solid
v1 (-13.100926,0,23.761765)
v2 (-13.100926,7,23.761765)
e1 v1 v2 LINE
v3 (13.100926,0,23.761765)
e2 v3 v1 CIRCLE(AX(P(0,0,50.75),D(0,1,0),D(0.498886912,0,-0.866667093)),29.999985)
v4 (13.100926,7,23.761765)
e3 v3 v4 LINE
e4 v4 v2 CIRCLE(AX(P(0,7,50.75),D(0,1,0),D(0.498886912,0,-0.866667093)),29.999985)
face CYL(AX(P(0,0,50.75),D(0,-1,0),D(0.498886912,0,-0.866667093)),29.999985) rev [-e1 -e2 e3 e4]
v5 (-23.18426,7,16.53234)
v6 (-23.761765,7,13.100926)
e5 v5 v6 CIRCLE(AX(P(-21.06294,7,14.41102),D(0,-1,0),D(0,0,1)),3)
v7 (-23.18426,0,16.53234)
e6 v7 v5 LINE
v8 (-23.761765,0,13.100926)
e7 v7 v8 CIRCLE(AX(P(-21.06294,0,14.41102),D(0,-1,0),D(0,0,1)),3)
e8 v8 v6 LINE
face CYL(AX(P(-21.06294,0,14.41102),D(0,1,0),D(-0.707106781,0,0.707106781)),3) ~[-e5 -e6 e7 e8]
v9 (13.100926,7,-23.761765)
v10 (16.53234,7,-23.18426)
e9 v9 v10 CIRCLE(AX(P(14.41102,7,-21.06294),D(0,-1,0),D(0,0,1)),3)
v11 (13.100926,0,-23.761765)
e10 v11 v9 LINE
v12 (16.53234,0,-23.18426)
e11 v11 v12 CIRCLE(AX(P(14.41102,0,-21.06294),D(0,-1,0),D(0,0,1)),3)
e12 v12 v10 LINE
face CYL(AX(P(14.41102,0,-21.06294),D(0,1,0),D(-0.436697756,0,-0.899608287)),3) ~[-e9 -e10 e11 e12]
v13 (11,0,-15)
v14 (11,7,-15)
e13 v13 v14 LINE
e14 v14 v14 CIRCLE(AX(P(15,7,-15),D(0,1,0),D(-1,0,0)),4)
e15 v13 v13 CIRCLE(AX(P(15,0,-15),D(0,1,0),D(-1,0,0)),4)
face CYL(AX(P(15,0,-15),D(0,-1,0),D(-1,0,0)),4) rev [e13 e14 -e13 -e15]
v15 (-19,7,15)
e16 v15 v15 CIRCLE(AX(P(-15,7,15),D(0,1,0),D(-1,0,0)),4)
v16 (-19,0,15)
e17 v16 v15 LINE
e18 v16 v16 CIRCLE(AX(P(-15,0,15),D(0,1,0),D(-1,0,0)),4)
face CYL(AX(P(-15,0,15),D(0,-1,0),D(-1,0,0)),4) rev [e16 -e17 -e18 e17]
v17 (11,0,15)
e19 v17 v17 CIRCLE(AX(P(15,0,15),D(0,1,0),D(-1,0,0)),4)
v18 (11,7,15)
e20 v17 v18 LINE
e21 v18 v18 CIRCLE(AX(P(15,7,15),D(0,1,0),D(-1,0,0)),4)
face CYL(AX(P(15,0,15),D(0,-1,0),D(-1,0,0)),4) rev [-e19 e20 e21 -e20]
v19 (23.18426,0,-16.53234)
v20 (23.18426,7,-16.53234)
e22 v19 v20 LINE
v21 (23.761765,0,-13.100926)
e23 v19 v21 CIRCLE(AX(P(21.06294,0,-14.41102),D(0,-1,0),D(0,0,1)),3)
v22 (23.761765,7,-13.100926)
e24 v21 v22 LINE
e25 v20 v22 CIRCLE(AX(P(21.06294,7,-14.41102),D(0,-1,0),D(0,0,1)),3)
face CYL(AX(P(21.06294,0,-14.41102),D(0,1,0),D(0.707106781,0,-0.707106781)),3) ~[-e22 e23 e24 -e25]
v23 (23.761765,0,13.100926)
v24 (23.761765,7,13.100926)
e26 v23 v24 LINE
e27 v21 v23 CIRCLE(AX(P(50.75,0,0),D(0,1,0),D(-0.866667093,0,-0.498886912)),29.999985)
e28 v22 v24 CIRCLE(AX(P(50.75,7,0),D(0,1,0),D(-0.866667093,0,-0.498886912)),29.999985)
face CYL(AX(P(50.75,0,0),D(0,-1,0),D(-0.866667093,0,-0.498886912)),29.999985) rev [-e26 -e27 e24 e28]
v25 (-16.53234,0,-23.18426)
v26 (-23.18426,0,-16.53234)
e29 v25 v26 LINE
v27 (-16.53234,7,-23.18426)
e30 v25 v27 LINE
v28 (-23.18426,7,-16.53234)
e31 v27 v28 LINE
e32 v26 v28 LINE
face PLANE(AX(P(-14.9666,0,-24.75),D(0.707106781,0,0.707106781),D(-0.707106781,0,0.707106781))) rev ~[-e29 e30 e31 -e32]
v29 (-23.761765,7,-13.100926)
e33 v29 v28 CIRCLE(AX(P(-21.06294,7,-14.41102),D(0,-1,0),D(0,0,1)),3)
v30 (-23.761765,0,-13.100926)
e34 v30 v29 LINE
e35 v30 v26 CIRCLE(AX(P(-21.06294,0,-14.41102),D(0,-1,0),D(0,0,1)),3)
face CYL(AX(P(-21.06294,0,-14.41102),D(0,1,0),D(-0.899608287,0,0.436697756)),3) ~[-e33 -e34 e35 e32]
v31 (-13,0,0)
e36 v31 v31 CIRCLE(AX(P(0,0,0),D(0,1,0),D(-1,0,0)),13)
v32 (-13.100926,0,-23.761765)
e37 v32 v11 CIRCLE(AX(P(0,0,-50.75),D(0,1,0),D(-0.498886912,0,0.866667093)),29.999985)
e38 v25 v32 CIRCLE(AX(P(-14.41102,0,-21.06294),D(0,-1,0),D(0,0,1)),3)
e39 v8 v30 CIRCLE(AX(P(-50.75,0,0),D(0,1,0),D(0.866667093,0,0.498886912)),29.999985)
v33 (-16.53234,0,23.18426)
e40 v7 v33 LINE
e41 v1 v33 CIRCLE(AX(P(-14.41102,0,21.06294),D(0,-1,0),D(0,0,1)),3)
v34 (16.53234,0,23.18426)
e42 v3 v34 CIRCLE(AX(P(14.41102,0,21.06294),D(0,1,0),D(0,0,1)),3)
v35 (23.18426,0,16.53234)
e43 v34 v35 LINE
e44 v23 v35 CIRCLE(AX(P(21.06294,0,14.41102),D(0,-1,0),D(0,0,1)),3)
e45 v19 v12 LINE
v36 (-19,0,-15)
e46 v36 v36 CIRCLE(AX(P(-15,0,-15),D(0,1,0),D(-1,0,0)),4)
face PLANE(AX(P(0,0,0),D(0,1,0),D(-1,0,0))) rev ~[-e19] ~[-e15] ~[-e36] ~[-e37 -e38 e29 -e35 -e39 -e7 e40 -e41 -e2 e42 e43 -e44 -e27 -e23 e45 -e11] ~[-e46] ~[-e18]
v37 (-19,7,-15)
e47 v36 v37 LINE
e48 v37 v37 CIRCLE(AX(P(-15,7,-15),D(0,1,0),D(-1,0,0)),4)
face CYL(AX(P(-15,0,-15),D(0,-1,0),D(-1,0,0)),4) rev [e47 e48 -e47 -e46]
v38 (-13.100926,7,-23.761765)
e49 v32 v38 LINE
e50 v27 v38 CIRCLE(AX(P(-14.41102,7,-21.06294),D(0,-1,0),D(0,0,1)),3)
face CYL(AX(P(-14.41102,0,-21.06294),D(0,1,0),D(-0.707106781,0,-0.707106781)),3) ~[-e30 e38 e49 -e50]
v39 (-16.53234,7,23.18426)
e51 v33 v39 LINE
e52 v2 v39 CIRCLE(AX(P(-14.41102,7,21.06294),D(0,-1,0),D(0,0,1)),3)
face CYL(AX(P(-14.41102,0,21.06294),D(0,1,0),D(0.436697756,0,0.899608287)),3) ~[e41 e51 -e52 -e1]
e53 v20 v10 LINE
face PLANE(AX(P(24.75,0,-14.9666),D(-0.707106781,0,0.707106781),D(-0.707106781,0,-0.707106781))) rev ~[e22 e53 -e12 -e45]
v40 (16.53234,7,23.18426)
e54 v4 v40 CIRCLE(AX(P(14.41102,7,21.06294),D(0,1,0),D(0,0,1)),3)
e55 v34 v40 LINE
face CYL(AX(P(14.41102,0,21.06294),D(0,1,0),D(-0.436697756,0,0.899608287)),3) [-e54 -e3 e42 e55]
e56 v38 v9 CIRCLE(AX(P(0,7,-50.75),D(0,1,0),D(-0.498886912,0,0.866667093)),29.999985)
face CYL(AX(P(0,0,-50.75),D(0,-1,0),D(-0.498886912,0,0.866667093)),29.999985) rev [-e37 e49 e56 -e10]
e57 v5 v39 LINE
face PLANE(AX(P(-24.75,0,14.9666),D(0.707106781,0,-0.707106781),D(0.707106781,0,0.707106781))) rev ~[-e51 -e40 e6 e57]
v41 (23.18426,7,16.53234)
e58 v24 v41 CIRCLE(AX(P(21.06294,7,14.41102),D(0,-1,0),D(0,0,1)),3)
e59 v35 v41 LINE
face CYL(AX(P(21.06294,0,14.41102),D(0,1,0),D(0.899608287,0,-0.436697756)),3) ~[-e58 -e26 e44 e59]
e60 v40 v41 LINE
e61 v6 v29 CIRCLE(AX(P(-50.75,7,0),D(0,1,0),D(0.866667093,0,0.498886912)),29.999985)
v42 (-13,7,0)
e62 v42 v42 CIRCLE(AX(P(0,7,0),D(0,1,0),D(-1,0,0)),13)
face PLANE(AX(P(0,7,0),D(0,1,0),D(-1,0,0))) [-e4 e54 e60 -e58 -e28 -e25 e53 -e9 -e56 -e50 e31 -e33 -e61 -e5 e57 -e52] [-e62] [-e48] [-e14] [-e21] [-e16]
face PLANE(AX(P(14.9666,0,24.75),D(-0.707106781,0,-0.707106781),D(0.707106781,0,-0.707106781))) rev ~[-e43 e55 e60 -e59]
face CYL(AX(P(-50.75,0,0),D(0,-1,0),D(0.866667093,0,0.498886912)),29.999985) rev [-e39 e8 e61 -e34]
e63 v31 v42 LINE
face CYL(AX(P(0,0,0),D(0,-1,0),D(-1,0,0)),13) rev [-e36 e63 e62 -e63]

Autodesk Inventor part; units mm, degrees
ref_plane "YZ Plane" through (0, 0, 0) normal (1, 0, 0) x (0, 1, 0)
ref_plane "XZ Plane" through (0, 0, 0) normal (0, 1, 0) x (-1, 0, 0)
ref_plane "XY Plane" through (0, 0, 0) normal (0, 0, 1) x (1, 0, 0)
sketch "Sketch1" plane through (0, 0, 0) normal (0, 1, 0) x (-1, 0, 0)
  circle A0 centre (0, 0) radius 13
  line L0 (-14.9666, 24.75) -> (-24.75, 14.9666)
  line L1 (-24.75, 14.9666) -> (-24.75, -14.9666) construction
  line L2 (-24.75, -14.9666) -> (-14.9666, -24.75)
  line L3 (-14.9666, -24.75) -> (14.9666, -24.75) construction
  line L4 (14.9666, -24.75) -> (24.75, -14.9666)
  line L5 (24.75, -14.9666) -> (24.75, 14.9666) construction
  line L6 (24.75, 14.9666) -> (14.9666, 24.75)
  line L7 (14.9666, 24.75) -> (-14.9666, 24.75) construction
  arc A1 (-24.75, -14.9666) -> (-24.75, 14.9666) centre (-50.75, 0) ccw
  arc A2 (-14.9666, 24.75) -> (14.9666, 24.75) centre (0, 50.75) ccw
  arc A3 (24.75, 14.9666) -> (24.75, -14.9666) centre (50.75, 0) ccw
  arc A4 (14.9666, -24.75) -> (-14.9666, -24.75) centre (0, -50.75) ccw
  circle A5 centre (-15, 15) radius 4
  circle A6 centre (15, 15) radius 4
  circle A7 centre (15, -15) radius 4
  circle A8 centre (-15, -15) radius 4
  point P0 (-24.75, 0)
  point P1 (24.75, 0)
  point P2 (0, 24.75)
  point P3 (0, -24.75)
  point P4 (0, 20.75)
  dimension "d0" = 26
  dimension "d1" = 49.5
  dimension "d2" = 30
  dimension "d3" = 4
  dimension "d4" = 30
  dimension "d5" = 30
  dimension "d6" = 15
  dimension "d7" = 15
  dimension "d8" = 8
extrude "Extrusion1" add sketch "Sketch1" along normal blind 7
fillet "Fillet1" radius 3 8 edges at (24.75, 3.5, 14.9666) (14.9666, 3.5, 24.75) (-14.9666, 3.5, 24.75) (-24.75, 3.5, 14.9666) (-24.75, 3.5, -14.9666) (-14.9666, 3.5, -24.75) (14.9666, 3.5, -24.75) (24.75, 3.5, -14.9666)
equation "\"d5\" = d4"
equation "\"d6\" = 0.5 * d5"
equation "\"d7\" = d6"
properties part number "WobbleX WS12" material "Aluminum 6061"
